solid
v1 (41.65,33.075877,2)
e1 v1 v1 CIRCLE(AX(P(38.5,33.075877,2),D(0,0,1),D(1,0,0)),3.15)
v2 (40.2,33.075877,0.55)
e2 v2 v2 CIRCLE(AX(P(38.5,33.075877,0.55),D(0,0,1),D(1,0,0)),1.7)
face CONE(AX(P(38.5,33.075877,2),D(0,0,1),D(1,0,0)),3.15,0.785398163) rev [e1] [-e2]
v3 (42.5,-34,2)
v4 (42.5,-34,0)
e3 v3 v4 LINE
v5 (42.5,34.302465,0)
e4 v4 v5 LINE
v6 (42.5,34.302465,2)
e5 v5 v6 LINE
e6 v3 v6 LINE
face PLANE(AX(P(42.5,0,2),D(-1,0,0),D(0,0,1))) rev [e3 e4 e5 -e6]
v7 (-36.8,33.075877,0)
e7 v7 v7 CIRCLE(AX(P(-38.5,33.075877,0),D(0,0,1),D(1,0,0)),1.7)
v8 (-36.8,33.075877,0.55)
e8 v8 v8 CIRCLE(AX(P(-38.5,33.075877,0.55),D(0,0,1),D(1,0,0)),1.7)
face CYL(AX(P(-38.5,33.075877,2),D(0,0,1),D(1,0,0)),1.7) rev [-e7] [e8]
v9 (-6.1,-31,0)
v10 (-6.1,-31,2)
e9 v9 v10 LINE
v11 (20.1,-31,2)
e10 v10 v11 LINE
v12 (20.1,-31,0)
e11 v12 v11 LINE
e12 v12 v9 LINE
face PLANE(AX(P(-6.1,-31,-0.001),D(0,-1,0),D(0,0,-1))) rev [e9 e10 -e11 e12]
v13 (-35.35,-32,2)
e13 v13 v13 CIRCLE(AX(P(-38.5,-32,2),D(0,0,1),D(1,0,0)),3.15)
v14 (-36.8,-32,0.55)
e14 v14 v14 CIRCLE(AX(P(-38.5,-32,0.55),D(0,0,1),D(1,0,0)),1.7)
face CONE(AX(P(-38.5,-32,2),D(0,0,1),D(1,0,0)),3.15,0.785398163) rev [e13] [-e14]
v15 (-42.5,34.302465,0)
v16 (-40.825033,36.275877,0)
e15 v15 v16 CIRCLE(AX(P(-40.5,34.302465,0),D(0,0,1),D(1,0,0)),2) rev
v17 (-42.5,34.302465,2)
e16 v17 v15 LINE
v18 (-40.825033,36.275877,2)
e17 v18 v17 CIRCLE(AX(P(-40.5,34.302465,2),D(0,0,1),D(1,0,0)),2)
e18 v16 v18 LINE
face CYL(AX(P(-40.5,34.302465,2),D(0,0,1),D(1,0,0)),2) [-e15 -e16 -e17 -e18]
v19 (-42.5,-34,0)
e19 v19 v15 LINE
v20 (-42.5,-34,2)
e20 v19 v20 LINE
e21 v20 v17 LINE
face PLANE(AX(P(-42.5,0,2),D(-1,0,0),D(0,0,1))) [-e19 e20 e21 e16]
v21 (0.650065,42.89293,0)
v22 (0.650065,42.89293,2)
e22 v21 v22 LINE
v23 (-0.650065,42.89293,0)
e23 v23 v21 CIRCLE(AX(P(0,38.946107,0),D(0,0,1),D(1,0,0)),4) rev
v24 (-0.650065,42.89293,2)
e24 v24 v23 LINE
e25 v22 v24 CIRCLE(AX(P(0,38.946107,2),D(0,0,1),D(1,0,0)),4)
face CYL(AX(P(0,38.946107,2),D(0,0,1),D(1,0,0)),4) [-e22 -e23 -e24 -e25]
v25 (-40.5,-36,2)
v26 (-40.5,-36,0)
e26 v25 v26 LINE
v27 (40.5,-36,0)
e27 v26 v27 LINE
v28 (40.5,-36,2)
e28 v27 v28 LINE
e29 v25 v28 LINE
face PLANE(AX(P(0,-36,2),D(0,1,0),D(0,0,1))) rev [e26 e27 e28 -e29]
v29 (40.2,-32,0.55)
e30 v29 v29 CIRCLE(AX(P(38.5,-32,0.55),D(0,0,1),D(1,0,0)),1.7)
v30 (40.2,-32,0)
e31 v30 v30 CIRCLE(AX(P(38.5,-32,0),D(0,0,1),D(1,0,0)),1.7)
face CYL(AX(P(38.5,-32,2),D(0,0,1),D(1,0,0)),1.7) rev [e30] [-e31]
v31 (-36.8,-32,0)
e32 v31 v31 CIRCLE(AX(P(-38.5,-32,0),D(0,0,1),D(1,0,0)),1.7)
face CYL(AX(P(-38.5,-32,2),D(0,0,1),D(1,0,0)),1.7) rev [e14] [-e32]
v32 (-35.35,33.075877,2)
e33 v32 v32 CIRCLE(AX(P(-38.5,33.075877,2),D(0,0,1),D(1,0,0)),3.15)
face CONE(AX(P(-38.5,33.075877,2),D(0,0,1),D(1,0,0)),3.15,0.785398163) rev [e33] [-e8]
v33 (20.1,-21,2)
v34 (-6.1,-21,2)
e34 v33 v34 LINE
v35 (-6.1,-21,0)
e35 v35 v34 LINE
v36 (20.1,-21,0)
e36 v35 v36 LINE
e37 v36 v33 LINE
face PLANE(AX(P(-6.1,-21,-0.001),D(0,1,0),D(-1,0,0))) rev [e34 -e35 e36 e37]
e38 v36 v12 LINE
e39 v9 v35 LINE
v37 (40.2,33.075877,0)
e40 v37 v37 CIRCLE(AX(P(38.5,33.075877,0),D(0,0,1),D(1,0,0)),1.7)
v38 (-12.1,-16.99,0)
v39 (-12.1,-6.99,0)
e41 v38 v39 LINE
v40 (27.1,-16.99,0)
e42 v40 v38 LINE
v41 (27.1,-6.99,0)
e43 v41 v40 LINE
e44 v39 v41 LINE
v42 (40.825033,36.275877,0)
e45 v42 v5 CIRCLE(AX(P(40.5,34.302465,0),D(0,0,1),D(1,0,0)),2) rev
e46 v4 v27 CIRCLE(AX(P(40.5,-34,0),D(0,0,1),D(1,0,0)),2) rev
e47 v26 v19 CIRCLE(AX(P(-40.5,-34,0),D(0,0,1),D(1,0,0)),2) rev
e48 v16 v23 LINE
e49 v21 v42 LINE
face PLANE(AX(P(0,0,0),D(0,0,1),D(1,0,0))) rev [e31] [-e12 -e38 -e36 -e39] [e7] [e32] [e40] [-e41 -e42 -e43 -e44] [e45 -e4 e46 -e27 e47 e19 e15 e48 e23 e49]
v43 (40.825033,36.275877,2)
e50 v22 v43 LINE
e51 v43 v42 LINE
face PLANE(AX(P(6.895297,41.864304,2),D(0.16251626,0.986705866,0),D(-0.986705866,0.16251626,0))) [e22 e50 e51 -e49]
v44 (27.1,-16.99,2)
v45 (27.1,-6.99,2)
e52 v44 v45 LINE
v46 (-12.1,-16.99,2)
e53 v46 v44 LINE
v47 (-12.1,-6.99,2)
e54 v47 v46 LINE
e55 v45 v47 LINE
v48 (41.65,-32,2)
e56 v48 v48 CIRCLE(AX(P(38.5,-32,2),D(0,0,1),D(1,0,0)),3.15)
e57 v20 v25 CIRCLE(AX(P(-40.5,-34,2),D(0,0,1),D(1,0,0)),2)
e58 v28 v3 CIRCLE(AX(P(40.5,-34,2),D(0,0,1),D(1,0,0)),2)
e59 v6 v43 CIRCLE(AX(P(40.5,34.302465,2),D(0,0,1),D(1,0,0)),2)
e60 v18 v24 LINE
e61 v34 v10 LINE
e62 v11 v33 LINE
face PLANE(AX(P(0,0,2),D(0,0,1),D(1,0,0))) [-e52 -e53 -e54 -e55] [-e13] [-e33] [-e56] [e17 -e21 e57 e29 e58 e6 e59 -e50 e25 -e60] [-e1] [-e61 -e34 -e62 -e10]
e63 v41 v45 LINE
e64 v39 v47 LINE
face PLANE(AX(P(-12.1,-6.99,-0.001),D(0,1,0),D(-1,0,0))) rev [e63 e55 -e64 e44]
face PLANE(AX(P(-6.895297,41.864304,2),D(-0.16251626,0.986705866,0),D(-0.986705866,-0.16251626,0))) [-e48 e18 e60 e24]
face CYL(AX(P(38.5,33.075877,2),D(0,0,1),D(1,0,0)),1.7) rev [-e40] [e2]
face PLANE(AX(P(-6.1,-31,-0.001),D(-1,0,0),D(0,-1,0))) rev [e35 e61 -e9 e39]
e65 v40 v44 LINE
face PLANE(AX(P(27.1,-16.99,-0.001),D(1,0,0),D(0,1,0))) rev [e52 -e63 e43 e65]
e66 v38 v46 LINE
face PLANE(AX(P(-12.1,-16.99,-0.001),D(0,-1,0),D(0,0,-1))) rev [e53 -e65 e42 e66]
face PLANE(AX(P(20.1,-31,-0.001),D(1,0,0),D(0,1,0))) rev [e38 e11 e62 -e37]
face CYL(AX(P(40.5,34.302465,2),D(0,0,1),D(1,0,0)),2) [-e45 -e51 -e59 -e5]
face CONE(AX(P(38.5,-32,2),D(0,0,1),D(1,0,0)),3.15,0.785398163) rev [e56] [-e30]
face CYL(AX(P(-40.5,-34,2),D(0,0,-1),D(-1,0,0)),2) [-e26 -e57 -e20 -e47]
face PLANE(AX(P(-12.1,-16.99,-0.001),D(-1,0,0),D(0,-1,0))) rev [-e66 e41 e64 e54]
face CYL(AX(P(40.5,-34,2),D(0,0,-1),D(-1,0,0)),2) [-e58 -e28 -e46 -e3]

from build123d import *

# Parameters (mm, degrees)
SCHIZZO1_W                            = 85
SCHIZZO1_H                            = 72
ESTRUSIONE_ESTRUSIONE1_DEPTH          = 2
RACCORDO1_R                           = 4
RACCORDO3_R                           = 2
RACCORDO4_R                           = 2
RACCORDO5_R                           = 2
RACCORDO6_R                           = 2
TAGLIO_ESTRUSIONE1_REACH              = 62.453
SCHIZZO2_W                            = 39.2
SCHIZZO2_H                            = 10
SCHIZZO2_W_2                          = 26.2
FORO_SVASATO_PER_VITE_M3_1_AT_2_COUNT = 2
FORO_SVASATO_PER_VITE_M3_1_AT_2_PITCH = 65.075876997
FORO_SVASATO_PER_VITE_M3_1_AT_3_COUNT = 2
FORO_SVASATO_PER_VITE_M3_1_AT_3_PITCH = 100.816019396
FORO_SVASATO_PER_VITE_M3_1_AT_4_COUNT = 2
FORO_SVASATO_PER_VITE_M3_1_AT_4_PITCH = 77


with BuildPart() as part:
    # Schizzo1 → Estrusione-Estrusione1 (new body)
    with BuildSketch(Plane.XY):
        Rectangle(SCHIZZO1_W, SCHIZZO1_H)
        Polygon((0, 43), (42.5, 36), (-42.5, 36), align=None)
    extrude(amount=ESTRUSIONE_ESTRUSIONE1_DEPTH)

    # Raccordo1
    raccordo1_edges = [part.edges().sort_by_distance(p)[0] for p in [
        (0, 43, 1),
    ]]
    fillet(raccordo1_edges, radius=RACCORDO1_R)

    # Raccordo3
    raccordo3_edges = [part.edges().sort_by_distance(p)[0] for p in [
        (42.5, 36, 1),
    ]]
    fillet(raccordo3_edges, radius=RACCORDO3_R)

    # Raccordo4
    raccordo4_edges = [part.edges().sort_by_distance(p)[0] for p in [
        (42.5, -36, 1),
    ]]
    fillet(raccordo4_edges, radius=RACCORDO4_R)

    # Raccordo5
    raccordo5_edges = [part.edges().sort_by_distance(p)[0] for p in [
        (-42.5, -36, 1),
    ]]
    fillet(raccordo5_edges, radius=RACCORDO5_R)

    # Raccordo6
    raccordo6_edges = [part.edges().sort_by_distance(p)[0] for p in [
        (-42.5, 36, 1),
    ]]
    fillet(raccordo6_edges, radius=RACCORDO6_R)

    # Schizzo2 → Taglio-Estrusione1 (cut, up to next)
    with BuildSketch(Plane.XY.offset(2), mode=Mode.PRIVATE) as taglio_estrusione1_sk1:
        with Locations((7.5, -11.99)):
            Rectangle(SCHIZZO2_W, SCHIZZO2_H)
    taglio_estrusione1_tool1 = extrude(taglio_estrusione1_sk1.sketch, amount=-TAGLIO_ESTRUSIONE1_REACH, mode=Mode.PRIVATE) & part.part
    # Schizzo2 → Taglio-Estrusione1 (cut, up to next)
    with BuildSketch(Plane.XY.offset(2), mode=Mode.PRIVATE) as taglio_estrusione1_sk2:
        with Locations((7, -26)):
            Rectangle(SCHIZZO2_W_2, SCHIZZO2_H)
    taglio_estrusione1_tool2 = extrude(taglio_estrusione1_sk2.sketch, amount=-TAGLIO_ESTRUSIONE1_REACH, mode=Mode.PRIVATE) & part.part
    add(taglio_estrusione1_tool1.solids().sort_by_distance((7.5, -11.99, 2))[0], mode=Mode.SUBTRACT)
    add(taglio_estrusione1_tool2.solids().sort_by_distance((7, -26, 2))[0], mode=Mode.SUBTRACT)

    # Schizzo4 → Foro svasato per Vite M3-1 (revolve, cut)
    with BuildSketch(Plane(origin=(-38.5, 33.075876997, 2), x_dir=(0, -1, 0), z_dir=(1, 0, 0))):
        Polygon((0, 0), (0, 2), (1.7, 2), (1.7, 1.45), (3.15, 0), align=None)
    foro_svasato_per_vite_m3_1 = revolve(axis=Axis((-38.5, 33.075876997, 8.35), (0, 0, -1)), mode=Mode.SUBTRACT)

    # Foro svasato per Vite M3-1 at 2: Foro svasato per Vite M3-1 ×2
    with Locations(*[(0, -i * FORO_SVASATO_PER_VITE_M3_1_AT_2_PITCH, 0) for i in range(1, FORO_SVASATO_PER_VITE_M3_1_AT_2_COUNT)]):
        add(foro_svasato_per_vite_m3_1, mode=Mode.SUBTRACT)

    # Foro svasato per Vite M3-1 at 3: Foro svasato per Vite M3-1 ×2
    with Locations(*[Vector(0.7637675089853256, -0.6454914346591678, 0) * (i * FORO_SVASATO_PER_VITE_M3_1_AT_3_PITCH) for i in range(1, FORO_SVASATO_PER_VITE_M3_1_AT_3_COUNT)]):
        add(foro_svasato_per_vite_m3_1, mode=Mode.SUBTRACT)

    # Foro svasato per Vite M3-1 at 4: Foro svasato per Vite M3-1 ×2
    with Locations(*[(i * FORO_SVASATO_PER_VITE_M3_1_AT_4_PITCH, 0, 0) for i in range(1, FORO_SVASATO_PER_VITE_M3_1_AT_4_COUNT)]):
        add(foro_svasato_per_vite_m3_1, mode=Mode.SUBTRACT)


solid = part.part
